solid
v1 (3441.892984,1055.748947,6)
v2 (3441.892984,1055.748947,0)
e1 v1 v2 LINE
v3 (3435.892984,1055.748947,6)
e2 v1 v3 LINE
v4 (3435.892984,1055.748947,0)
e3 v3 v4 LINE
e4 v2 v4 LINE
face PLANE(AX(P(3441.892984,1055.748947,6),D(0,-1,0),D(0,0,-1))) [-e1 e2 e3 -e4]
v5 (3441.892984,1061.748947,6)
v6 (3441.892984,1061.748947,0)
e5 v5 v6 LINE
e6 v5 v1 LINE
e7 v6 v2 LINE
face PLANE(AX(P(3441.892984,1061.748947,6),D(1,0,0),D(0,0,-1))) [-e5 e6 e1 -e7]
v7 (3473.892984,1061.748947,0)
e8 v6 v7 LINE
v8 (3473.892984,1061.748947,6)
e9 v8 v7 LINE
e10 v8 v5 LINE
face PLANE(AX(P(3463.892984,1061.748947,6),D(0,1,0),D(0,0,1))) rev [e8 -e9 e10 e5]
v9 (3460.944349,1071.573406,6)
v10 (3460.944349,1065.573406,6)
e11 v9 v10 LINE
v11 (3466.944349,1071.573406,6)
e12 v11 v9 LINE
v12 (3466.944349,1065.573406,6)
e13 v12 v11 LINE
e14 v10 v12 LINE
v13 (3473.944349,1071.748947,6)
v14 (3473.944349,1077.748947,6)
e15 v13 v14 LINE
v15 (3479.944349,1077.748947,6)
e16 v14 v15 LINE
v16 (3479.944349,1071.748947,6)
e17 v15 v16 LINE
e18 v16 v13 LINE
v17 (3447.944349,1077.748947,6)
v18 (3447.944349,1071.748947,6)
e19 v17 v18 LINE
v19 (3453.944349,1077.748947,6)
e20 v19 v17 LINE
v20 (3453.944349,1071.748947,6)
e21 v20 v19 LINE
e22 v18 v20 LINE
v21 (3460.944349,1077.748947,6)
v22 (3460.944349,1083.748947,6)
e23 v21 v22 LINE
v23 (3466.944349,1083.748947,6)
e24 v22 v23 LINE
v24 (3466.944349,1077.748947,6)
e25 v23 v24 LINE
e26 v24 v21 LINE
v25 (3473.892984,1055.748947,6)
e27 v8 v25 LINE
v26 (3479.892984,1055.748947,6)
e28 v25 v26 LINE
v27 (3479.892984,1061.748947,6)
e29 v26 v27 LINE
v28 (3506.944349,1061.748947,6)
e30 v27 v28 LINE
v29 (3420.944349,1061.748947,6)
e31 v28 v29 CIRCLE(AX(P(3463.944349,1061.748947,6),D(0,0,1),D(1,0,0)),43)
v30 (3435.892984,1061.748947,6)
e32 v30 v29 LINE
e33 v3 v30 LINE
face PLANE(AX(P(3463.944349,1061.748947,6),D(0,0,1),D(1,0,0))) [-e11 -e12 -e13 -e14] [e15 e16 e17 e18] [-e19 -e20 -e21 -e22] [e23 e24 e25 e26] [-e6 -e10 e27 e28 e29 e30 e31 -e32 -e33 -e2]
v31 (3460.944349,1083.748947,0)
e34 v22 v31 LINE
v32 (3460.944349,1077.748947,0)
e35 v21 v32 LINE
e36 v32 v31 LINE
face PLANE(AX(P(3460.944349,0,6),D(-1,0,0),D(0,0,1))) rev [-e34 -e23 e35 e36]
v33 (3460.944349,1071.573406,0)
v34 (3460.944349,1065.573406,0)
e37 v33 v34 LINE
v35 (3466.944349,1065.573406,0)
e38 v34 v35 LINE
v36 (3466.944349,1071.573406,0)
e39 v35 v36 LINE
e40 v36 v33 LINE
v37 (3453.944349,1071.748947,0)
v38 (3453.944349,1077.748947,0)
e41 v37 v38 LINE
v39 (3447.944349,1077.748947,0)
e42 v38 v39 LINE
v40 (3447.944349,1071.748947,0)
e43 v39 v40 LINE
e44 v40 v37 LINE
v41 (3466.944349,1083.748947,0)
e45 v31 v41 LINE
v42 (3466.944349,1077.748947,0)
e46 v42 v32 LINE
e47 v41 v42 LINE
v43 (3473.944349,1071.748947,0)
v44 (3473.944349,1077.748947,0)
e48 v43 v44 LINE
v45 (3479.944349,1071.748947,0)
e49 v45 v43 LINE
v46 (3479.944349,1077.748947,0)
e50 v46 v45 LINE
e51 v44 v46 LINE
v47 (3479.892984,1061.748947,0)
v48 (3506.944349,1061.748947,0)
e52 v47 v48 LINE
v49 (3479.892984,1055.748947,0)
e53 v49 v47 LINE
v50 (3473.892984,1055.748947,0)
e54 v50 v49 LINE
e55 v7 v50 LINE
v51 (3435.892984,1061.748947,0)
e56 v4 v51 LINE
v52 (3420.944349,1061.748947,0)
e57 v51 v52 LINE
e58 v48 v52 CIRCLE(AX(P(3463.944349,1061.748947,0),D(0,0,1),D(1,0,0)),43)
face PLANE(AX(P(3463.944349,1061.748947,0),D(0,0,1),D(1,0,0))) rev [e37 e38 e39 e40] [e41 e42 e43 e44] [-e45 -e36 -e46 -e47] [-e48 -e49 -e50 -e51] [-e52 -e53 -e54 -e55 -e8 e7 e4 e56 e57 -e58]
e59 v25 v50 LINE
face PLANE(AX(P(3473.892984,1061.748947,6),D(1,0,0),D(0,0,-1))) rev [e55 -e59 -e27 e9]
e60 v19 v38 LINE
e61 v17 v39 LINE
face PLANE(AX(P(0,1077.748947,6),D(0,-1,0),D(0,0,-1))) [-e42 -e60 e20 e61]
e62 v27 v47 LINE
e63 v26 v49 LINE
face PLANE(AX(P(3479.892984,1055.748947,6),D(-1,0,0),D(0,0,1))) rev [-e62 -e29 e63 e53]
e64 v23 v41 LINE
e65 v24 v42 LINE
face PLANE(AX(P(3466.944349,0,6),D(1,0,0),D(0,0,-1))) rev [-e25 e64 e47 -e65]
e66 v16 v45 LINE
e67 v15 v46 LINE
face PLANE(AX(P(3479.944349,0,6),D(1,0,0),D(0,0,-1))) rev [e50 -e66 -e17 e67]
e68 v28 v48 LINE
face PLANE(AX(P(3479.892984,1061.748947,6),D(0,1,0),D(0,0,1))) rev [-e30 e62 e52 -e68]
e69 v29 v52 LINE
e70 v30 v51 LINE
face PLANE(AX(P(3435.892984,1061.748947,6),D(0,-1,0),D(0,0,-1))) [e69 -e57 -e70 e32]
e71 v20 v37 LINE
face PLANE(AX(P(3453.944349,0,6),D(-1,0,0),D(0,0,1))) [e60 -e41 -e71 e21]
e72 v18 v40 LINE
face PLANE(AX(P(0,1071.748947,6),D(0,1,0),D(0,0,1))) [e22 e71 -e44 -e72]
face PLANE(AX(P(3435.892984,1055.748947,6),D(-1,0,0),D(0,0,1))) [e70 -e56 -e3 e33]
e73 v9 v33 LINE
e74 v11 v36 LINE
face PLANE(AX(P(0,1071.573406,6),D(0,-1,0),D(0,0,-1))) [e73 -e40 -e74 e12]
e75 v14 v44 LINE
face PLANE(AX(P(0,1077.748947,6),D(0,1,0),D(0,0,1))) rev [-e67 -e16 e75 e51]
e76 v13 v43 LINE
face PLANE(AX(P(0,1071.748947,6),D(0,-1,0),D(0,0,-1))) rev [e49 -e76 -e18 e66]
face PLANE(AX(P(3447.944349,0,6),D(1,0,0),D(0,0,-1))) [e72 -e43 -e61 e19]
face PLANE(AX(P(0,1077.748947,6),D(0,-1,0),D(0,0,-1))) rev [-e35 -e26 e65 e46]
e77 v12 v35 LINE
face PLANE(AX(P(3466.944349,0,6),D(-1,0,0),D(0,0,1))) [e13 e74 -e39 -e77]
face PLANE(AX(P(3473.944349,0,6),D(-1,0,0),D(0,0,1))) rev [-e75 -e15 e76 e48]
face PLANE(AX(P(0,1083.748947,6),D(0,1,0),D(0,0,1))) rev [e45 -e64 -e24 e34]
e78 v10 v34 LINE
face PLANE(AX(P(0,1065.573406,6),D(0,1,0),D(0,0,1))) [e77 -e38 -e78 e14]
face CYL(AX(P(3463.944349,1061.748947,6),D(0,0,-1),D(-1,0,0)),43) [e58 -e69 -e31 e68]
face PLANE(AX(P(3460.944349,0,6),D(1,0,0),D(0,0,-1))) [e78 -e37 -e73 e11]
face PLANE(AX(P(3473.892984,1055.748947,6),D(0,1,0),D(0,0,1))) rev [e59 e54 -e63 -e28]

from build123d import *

# Parameters (mm, degrees)
MODEL_W             = 6
MODEL_H             = 6
BOSS_EXTRUDE1_DEPTH = 6


with BuildPart() as part:
    # Model → Boss-Extrude1 (new body)
    with BuildSketch(Plane.XY):
        with BuildLine():
            Line((3463.892984012, 1061.748947436), (3473.892984012, 1061.748947436))
            Line((3473.892984012, 1061.748947436), (3473.892984012, 1055.748947436))
            Line((3473.892984012, 1055.748947436), (3479.892984012, 1055.748947436))
            Line((3479.892984012, 1055.748947436), (3479.892984012, 1061.748947436))
            Line((3479.892984012, 1061.748947436), (3491.892984012, 1061.748947436))
            Line((3491.892984012, 1061.748947436), (3506.94434904, 1061.748947436))
            ThreePointArc((3506.94434904, 1061.748947436), (3463.94434904, 1104.748947436), (3420.94434904, 1061.748947436))
            Line((3420.94434904, 1061.748947436), (3435.892984012, 1061.748947436))
            Line((3435.892984012, 1061.748947436), (3435.892984012, 1055.748947436))
            Line((3435.892984012, 1055.748947436), (3441.892984012, 1055.748947436))
            Line((3441.892984012, 1055.748947436), (3441.892984012, 1061.748947436))
            Line((3441.892984012, 1061.748947436), (3463.892984012, 1061.748947436))
        make_face()
        with Locations((3476.94434904, 1074.748947436)):
            Rectangle(MODEL_W, MODEL_H, mode=Mode.SUBTRACT)
        with Locations((3450.94434904, 1074.748947436)):
            Rectangle(MODEL_W, MODEL_H, mode=Mode.SUBTRACT)
        with Locations((3463.94434904, 1080.748947436)):
            Rectangle(MODEL_W, MODEL_H, mode=Mode.SUBTRACT)
        with Locations((3463.94434904, 1068.57340627)):
            Rectangle(MODEL_W, MODEL_H, mode=Mode.SUBTRACT)
    extrude(amount=BOSS_EXTRUDE1_DEPTH)


solid = part.part
